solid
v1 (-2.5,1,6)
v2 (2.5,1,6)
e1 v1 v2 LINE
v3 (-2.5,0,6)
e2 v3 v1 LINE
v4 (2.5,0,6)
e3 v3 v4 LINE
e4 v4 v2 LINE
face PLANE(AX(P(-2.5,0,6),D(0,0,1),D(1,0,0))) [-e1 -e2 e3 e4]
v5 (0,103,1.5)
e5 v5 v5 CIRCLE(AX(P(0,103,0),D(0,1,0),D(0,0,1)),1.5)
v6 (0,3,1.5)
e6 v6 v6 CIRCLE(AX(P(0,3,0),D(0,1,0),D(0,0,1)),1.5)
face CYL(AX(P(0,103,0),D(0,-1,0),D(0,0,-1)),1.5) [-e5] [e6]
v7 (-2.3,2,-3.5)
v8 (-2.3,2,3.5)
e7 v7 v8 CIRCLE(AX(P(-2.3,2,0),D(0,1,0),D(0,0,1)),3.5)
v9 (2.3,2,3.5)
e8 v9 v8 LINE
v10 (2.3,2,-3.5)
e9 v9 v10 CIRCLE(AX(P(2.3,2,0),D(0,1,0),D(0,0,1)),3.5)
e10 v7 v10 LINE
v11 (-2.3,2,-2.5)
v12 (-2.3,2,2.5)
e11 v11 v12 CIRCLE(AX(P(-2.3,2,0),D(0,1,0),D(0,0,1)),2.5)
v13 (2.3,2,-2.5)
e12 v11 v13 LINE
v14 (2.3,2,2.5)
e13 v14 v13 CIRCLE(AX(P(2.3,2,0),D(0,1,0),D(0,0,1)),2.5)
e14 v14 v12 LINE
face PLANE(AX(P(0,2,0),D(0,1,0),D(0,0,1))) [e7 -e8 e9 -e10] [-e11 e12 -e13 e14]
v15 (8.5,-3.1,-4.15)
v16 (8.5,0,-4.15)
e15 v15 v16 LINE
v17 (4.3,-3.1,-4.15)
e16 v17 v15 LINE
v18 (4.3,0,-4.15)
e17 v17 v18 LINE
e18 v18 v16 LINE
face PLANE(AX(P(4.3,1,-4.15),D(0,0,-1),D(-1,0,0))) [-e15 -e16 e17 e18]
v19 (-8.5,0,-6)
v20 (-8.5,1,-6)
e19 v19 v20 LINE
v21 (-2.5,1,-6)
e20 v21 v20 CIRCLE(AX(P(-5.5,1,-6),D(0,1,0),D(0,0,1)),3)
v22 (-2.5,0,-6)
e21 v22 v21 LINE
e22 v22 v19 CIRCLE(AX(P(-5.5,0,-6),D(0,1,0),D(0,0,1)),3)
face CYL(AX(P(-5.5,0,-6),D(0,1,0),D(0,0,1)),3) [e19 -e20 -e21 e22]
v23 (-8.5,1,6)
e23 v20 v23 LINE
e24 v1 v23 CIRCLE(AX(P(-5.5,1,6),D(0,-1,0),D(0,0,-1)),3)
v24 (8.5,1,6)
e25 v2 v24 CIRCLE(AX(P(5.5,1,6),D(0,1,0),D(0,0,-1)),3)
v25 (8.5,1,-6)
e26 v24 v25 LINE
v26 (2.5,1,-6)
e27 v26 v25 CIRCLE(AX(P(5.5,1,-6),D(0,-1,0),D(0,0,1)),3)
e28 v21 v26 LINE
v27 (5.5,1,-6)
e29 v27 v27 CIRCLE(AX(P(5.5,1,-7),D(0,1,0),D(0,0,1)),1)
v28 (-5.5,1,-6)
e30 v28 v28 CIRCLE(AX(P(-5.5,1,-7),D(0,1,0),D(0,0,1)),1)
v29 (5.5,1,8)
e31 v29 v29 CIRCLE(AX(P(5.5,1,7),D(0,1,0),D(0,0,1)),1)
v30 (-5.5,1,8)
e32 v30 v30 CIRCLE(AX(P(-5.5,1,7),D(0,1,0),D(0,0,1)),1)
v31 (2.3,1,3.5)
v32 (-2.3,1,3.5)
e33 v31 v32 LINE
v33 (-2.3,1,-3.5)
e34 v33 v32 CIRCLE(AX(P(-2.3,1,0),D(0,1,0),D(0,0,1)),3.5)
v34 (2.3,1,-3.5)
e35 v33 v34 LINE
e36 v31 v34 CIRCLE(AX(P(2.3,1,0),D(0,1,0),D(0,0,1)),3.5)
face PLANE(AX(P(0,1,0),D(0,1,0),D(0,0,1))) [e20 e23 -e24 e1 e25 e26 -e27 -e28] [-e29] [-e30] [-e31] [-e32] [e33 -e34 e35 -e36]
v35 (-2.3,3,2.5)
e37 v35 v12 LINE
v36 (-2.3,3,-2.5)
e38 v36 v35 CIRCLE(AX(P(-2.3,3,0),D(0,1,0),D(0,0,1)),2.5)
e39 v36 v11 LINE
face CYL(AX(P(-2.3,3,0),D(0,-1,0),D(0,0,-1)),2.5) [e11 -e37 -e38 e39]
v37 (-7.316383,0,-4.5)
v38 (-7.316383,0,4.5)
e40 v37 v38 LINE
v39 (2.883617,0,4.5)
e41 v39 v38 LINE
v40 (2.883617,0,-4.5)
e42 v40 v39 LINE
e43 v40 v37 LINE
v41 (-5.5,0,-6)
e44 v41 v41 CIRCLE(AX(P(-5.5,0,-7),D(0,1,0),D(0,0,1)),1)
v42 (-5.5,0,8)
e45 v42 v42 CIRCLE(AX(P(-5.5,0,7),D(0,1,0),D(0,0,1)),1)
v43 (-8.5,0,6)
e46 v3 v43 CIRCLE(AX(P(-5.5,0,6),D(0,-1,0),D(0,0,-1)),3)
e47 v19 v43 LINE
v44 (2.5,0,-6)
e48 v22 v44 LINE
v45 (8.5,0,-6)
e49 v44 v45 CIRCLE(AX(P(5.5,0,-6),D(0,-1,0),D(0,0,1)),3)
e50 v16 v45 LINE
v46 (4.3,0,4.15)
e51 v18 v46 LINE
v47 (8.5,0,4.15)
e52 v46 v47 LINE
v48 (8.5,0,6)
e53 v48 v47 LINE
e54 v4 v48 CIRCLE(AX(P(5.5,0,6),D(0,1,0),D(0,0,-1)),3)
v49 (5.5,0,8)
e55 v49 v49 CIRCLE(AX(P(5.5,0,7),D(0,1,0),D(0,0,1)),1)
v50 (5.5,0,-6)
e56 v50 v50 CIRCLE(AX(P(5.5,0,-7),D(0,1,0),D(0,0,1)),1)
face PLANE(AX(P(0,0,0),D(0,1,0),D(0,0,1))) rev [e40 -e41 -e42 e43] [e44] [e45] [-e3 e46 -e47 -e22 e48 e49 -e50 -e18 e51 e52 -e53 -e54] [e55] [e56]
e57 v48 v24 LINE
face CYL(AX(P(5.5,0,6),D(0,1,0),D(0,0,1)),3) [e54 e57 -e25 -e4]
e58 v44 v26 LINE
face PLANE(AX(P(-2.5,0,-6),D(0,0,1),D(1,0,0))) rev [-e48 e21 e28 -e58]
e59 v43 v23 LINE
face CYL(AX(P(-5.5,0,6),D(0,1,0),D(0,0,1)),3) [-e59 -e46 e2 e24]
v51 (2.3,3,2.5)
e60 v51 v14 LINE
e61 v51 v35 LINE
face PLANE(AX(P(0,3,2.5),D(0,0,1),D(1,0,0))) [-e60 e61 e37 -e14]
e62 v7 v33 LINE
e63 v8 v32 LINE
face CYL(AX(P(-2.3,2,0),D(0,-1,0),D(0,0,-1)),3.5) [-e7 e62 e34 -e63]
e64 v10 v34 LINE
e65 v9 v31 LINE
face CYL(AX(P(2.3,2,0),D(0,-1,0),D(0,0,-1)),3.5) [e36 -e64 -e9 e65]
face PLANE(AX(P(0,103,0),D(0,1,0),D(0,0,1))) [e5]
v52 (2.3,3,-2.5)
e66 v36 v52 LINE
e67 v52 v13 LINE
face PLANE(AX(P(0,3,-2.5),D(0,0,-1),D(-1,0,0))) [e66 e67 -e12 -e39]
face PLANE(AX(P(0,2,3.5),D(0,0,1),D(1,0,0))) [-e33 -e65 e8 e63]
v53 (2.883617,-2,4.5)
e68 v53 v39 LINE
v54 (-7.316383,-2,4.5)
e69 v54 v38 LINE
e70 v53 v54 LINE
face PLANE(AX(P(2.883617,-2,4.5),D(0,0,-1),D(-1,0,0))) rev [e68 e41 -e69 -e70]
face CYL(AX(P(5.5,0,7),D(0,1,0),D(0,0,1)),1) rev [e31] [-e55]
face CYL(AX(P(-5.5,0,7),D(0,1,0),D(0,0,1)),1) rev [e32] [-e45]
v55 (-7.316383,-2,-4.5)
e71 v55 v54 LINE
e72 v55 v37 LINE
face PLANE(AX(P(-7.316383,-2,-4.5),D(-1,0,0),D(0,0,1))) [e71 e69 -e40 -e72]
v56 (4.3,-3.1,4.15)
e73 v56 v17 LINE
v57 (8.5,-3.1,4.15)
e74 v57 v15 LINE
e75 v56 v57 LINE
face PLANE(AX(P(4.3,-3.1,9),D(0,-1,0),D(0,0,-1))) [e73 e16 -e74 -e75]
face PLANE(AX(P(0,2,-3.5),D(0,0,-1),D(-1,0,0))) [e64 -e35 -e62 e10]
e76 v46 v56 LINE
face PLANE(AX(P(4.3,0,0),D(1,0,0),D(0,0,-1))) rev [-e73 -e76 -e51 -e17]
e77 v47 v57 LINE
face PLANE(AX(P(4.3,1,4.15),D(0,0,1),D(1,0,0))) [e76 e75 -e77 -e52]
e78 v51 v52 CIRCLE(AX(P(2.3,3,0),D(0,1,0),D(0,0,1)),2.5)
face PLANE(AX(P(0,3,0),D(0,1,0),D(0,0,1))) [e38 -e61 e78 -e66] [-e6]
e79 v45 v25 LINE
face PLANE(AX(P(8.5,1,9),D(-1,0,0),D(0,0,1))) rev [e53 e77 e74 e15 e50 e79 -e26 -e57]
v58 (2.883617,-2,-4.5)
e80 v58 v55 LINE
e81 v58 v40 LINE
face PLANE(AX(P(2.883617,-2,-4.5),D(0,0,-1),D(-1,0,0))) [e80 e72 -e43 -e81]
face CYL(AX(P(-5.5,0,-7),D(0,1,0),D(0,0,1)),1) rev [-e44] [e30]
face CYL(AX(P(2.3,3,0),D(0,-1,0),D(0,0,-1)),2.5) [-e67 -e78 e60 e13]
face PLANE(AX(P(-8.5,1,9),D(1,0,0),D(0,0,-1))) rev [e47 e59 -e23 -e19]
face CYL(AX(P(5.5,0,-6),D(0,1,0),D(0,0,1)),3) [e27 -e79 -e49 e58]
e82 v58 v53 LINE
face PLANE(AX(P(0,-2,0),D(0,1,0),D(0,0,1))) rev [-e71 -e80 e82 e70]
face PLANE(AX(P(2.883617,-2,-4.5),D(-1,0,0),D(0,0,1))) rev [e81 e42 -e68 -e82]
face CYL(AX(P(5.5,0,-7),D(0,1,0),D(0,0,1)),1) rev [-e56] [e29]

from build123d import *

# Parameters (mm, degrees)
SKETCH_1_W            = 17
SKETCH_1_H            = 18
EXTRUDE_1_DEPTH       = 1
SKETCH_2_R            = 1
CUT_EXTRUDE_1_DEPTH   = 13.419742348
CUT_EXTRUDE_2_DEPTH   = 13.419742348
MIRROR_2_COPY_1_DEPTH = 13.419742348
SKETCH_4_W            = 5
SKETCH_4_H            = 3
CUT_EXTRUDE_3_DEPTH   = 13.419742348
EXTRUDE_2_DEPTH       = 1
EXTRUDE_3_DEPTH       = 1
EXTRUDE_START         = 8.5
SKETCH_8_W            = 8.3
SKETCH_8_H            = 3.1
EXTRUDE_4_DEPTH       = 4.2
SKETCH_9_W            = 10.2
SKETCH_9_H            = 9
EXTRUDE_5_DEPTH       = 2
SKETCH_10_R           = 1.5
EXTRUDE_10_DEPTH      = 100


with BuildPart() as part:
    # 草图1 → 凸台-拉伸1 (new body)
    with BuildSketch(Plane(origin=(0, 0, 0), x_dir=(1, 0, 0), z_dir=(0, 1, 0))):
        Rectangle(SKETCH_1_W, SKETCH_1_H)
    extrude(amount=EXTRUDE_1_DEPTH)

    # 草图2 → 切除-拉伸1 (cut, through all)
    with BuildSketch(Plane(origin=(0, 1, 0), x_dir=(1, 0, 0), z_dir=(0, 1, 0))):
        with Locations(Location((-5.5, 7, 0), (0, 0, 270))):
            Circle(SKETCH_2_R)
        with Locations(Location((5.5, 7, 0), (0, 0, 270))):
            Circle(SKETCH_2_R)
        with Locations(Location((-5.5, -7, 0), (0, 0, 270))):
            Circle(SKETCH_2_R)
        with Locations(Location((5.5, -7, 0), (0, 0, 270))):
            Circle(SKETCH_2_R)
    extrude(amount=-CUT_EXTRUDE_1_DEPTH, mode=Mode.SUBTRACT)

    # 草图3 → 切除-拉伸2 (cut, through all)
    with BuildSketch(Plane(origin=(0, 1, 0), x_dir=(1, 0, 0), z_dir=(0, 1, 0))):
        with BuildLine():
            Line((-8.5, 9), (-8.5, 6))
            ThreePointArc((-8.5, 6), (-7.621320346, 8.121320341), (-5.500000007, 9))
            Line((-5.500000007, 9), (-8.5, 9))
        make_face()
        with BuildLine():
            Line((-2.5, 9), (-5.500000007, 9))
            ThreePointArc((-5.500000007, 9), (-3.378679659, 8.121320346), (-2.5, 6))
            Line((-2.5, 6), (-2.5, 9))
        make_face()
    cut_extrude_2 = extrude(amount=-CUT_EXTRUDE_2_DEPTH, mode=Mode.SUBTRACT)

    # 镜向1: 切除-拉伸2 across plane
    add(cut_extrude_2.mirror(Plane.XY), mode=Mode.SUBTRACT)

    # 镜向2: 切除-拉伸2 across plane
    add(cut_extrude_2.mirror(Plane(origin=(0, 0, 0), x_dir=(0, 0, 1), z_dir=(1, 0, 0))), mode=Mode.SUBTRACT)

    # 镜向2 copy 1 sketch → 镜向2 copy 1 (cut, through all)
    with BuildSketch(Plane(origin=(0, 1, 0), x_dir=(-1, 0, 0), z_dir=(0, 1, 0))):
        with BuildLine():
            Line((-8.5, 9), (-8.5, 6))
            ThreePointArc((-8.5, 6), (-7.621320346, 8.121320341), (-5.500000007, 9))
            Line((-5.500000007, 9), (-8.5, 9))
        make_face()
        with BuildLine():
            Line((-2.5, 9), (-5.500000007, 9))
            ThreePointArc((-5.500000007, 9), (-3.378679659, 8.121320346), (-2.5, 6))
            Line((-2.5, 6), (-2.5, 9))
        make_face()
    extrude(amount=-MIRROR_2_COPY_1_DEPTH, mode=Mode.SUBTRACT)

    # 草图4 → 切除-拉伸3 (cut, through all)
    with BuildSketch(Plane(origin=(0, 1, 0), x_dir=(1, 0, 0), z_dir=(0, 1, 0))):
        with Locations((0, 7.5)):
            Rectangle(SKETCH_4_W, SKETCH_4_H)
    cut_extrude_3 = extrude(amount=-CUT_EXTRUDE_3_DEPTH, mode=Mode.SUBTRACT)

    # 镜向3: 切除-拉伸3 across plane
    add(cut_extrude_3.mirror(Plane.XY), mode=Mode.SUBTRACT)

    # 草图5 → 凸台-拉伸2 (add)
    with BuildSketch(Plane(origin=(0, 1, 0), x_dir=(1, 0, 0), z_dir=(0, 1, 0))):
        with BuildLine():
            Line((0, 0), (-2.3, 3.5))
            ThreePointArc((-2.3, 3.5), (-5.8, 0), (-2.3, -3.5))
            Line((-2.3, -3.5), (0, 0))
        make_face()
        Polygon((2.3, 3.5), (-2.3, 3.5), (0, 0), align=None)
        Polygon((2.3, -3.5), (0, 0), (-2.3, -3.5), align=None)
        with BuildLine():
            ThreePointArc((2.3, -3.5), (5.8, 0), (2.3, 3.5))
            Line((2.3, 3.5), (0, 0))
            Line((0, 0), (2.3, -3.5))
        make_face()
    extrude(amount=EXTRUDE_2_DEPTH)

    # 草图6 → 凸台-拉伸3 (add)
    with BuildSketch(Plane(origin=(0, 2, 0), x_dir=(1, 0, 0), z_dir=(0, 1, 0))):
        with BuildLine():
            Line((0, 0), (-2.3, 2.5))
            ThreePointArc((-2.3, 2.5), (-4.8, 0), (-2.3, -2.5))
            Line((-2.3, -2.5), (0, 0))
        make_face()
        Polygon((2.3, 2.5), (-2.3, 2.5), (0, 0), align=None)
        Polygon((2.3, -2.5), (0, 0), (-2.3, -2.5), align=None)
        with BuildLine():
            ThreePointArc((2.3, -2.5), (4.8, 0), (2.3, 2.5))
            Line((2.3, 2.5), (0, 0))
            Line((0, 0), (2.3, -2.5))
        make_face()
    extrude(amount=EXTRUDE_3_DEPTH)

    # 草图8 → 凸台-拉伸4 (add)
    with BuildSketch(Plane(origin=(0, 0, 0), x_dir=(0, 0, -1), z_dir=(1, 0, 0)).offset(EXTRUDE_START)):
        with Locations((0, -1.55)):
            Rectangle(SKETCH_8_W, SKETCH_8_H)
    extrude(amount=-EXTRUDE_4_DEPTH)

    # 草图9 → 凸台-拉伸5 (add)
    with BuildSketch(Plane.XZ):
        with Locations((-2.21638326, 0)):
            Rectangle(SKETCH_9_W, SKETCH_9_H)
    extrude(amount=EXTRUDE_5_DEPTH)

    # 草图10 → 凸台-拉伸10 (add)
    with BuildSketch(Plane(origin=(0, 3, 0), x_dir=(1, 0, 0), z_dir=(0, 1, 0))):
        with Locations(Location((0, 0, 0), (0, 0, 270))):
            Circle(SKETCH_10_R)
    extrude(amount=EXTRUDE_10_DEPTH)


solid = part.part
